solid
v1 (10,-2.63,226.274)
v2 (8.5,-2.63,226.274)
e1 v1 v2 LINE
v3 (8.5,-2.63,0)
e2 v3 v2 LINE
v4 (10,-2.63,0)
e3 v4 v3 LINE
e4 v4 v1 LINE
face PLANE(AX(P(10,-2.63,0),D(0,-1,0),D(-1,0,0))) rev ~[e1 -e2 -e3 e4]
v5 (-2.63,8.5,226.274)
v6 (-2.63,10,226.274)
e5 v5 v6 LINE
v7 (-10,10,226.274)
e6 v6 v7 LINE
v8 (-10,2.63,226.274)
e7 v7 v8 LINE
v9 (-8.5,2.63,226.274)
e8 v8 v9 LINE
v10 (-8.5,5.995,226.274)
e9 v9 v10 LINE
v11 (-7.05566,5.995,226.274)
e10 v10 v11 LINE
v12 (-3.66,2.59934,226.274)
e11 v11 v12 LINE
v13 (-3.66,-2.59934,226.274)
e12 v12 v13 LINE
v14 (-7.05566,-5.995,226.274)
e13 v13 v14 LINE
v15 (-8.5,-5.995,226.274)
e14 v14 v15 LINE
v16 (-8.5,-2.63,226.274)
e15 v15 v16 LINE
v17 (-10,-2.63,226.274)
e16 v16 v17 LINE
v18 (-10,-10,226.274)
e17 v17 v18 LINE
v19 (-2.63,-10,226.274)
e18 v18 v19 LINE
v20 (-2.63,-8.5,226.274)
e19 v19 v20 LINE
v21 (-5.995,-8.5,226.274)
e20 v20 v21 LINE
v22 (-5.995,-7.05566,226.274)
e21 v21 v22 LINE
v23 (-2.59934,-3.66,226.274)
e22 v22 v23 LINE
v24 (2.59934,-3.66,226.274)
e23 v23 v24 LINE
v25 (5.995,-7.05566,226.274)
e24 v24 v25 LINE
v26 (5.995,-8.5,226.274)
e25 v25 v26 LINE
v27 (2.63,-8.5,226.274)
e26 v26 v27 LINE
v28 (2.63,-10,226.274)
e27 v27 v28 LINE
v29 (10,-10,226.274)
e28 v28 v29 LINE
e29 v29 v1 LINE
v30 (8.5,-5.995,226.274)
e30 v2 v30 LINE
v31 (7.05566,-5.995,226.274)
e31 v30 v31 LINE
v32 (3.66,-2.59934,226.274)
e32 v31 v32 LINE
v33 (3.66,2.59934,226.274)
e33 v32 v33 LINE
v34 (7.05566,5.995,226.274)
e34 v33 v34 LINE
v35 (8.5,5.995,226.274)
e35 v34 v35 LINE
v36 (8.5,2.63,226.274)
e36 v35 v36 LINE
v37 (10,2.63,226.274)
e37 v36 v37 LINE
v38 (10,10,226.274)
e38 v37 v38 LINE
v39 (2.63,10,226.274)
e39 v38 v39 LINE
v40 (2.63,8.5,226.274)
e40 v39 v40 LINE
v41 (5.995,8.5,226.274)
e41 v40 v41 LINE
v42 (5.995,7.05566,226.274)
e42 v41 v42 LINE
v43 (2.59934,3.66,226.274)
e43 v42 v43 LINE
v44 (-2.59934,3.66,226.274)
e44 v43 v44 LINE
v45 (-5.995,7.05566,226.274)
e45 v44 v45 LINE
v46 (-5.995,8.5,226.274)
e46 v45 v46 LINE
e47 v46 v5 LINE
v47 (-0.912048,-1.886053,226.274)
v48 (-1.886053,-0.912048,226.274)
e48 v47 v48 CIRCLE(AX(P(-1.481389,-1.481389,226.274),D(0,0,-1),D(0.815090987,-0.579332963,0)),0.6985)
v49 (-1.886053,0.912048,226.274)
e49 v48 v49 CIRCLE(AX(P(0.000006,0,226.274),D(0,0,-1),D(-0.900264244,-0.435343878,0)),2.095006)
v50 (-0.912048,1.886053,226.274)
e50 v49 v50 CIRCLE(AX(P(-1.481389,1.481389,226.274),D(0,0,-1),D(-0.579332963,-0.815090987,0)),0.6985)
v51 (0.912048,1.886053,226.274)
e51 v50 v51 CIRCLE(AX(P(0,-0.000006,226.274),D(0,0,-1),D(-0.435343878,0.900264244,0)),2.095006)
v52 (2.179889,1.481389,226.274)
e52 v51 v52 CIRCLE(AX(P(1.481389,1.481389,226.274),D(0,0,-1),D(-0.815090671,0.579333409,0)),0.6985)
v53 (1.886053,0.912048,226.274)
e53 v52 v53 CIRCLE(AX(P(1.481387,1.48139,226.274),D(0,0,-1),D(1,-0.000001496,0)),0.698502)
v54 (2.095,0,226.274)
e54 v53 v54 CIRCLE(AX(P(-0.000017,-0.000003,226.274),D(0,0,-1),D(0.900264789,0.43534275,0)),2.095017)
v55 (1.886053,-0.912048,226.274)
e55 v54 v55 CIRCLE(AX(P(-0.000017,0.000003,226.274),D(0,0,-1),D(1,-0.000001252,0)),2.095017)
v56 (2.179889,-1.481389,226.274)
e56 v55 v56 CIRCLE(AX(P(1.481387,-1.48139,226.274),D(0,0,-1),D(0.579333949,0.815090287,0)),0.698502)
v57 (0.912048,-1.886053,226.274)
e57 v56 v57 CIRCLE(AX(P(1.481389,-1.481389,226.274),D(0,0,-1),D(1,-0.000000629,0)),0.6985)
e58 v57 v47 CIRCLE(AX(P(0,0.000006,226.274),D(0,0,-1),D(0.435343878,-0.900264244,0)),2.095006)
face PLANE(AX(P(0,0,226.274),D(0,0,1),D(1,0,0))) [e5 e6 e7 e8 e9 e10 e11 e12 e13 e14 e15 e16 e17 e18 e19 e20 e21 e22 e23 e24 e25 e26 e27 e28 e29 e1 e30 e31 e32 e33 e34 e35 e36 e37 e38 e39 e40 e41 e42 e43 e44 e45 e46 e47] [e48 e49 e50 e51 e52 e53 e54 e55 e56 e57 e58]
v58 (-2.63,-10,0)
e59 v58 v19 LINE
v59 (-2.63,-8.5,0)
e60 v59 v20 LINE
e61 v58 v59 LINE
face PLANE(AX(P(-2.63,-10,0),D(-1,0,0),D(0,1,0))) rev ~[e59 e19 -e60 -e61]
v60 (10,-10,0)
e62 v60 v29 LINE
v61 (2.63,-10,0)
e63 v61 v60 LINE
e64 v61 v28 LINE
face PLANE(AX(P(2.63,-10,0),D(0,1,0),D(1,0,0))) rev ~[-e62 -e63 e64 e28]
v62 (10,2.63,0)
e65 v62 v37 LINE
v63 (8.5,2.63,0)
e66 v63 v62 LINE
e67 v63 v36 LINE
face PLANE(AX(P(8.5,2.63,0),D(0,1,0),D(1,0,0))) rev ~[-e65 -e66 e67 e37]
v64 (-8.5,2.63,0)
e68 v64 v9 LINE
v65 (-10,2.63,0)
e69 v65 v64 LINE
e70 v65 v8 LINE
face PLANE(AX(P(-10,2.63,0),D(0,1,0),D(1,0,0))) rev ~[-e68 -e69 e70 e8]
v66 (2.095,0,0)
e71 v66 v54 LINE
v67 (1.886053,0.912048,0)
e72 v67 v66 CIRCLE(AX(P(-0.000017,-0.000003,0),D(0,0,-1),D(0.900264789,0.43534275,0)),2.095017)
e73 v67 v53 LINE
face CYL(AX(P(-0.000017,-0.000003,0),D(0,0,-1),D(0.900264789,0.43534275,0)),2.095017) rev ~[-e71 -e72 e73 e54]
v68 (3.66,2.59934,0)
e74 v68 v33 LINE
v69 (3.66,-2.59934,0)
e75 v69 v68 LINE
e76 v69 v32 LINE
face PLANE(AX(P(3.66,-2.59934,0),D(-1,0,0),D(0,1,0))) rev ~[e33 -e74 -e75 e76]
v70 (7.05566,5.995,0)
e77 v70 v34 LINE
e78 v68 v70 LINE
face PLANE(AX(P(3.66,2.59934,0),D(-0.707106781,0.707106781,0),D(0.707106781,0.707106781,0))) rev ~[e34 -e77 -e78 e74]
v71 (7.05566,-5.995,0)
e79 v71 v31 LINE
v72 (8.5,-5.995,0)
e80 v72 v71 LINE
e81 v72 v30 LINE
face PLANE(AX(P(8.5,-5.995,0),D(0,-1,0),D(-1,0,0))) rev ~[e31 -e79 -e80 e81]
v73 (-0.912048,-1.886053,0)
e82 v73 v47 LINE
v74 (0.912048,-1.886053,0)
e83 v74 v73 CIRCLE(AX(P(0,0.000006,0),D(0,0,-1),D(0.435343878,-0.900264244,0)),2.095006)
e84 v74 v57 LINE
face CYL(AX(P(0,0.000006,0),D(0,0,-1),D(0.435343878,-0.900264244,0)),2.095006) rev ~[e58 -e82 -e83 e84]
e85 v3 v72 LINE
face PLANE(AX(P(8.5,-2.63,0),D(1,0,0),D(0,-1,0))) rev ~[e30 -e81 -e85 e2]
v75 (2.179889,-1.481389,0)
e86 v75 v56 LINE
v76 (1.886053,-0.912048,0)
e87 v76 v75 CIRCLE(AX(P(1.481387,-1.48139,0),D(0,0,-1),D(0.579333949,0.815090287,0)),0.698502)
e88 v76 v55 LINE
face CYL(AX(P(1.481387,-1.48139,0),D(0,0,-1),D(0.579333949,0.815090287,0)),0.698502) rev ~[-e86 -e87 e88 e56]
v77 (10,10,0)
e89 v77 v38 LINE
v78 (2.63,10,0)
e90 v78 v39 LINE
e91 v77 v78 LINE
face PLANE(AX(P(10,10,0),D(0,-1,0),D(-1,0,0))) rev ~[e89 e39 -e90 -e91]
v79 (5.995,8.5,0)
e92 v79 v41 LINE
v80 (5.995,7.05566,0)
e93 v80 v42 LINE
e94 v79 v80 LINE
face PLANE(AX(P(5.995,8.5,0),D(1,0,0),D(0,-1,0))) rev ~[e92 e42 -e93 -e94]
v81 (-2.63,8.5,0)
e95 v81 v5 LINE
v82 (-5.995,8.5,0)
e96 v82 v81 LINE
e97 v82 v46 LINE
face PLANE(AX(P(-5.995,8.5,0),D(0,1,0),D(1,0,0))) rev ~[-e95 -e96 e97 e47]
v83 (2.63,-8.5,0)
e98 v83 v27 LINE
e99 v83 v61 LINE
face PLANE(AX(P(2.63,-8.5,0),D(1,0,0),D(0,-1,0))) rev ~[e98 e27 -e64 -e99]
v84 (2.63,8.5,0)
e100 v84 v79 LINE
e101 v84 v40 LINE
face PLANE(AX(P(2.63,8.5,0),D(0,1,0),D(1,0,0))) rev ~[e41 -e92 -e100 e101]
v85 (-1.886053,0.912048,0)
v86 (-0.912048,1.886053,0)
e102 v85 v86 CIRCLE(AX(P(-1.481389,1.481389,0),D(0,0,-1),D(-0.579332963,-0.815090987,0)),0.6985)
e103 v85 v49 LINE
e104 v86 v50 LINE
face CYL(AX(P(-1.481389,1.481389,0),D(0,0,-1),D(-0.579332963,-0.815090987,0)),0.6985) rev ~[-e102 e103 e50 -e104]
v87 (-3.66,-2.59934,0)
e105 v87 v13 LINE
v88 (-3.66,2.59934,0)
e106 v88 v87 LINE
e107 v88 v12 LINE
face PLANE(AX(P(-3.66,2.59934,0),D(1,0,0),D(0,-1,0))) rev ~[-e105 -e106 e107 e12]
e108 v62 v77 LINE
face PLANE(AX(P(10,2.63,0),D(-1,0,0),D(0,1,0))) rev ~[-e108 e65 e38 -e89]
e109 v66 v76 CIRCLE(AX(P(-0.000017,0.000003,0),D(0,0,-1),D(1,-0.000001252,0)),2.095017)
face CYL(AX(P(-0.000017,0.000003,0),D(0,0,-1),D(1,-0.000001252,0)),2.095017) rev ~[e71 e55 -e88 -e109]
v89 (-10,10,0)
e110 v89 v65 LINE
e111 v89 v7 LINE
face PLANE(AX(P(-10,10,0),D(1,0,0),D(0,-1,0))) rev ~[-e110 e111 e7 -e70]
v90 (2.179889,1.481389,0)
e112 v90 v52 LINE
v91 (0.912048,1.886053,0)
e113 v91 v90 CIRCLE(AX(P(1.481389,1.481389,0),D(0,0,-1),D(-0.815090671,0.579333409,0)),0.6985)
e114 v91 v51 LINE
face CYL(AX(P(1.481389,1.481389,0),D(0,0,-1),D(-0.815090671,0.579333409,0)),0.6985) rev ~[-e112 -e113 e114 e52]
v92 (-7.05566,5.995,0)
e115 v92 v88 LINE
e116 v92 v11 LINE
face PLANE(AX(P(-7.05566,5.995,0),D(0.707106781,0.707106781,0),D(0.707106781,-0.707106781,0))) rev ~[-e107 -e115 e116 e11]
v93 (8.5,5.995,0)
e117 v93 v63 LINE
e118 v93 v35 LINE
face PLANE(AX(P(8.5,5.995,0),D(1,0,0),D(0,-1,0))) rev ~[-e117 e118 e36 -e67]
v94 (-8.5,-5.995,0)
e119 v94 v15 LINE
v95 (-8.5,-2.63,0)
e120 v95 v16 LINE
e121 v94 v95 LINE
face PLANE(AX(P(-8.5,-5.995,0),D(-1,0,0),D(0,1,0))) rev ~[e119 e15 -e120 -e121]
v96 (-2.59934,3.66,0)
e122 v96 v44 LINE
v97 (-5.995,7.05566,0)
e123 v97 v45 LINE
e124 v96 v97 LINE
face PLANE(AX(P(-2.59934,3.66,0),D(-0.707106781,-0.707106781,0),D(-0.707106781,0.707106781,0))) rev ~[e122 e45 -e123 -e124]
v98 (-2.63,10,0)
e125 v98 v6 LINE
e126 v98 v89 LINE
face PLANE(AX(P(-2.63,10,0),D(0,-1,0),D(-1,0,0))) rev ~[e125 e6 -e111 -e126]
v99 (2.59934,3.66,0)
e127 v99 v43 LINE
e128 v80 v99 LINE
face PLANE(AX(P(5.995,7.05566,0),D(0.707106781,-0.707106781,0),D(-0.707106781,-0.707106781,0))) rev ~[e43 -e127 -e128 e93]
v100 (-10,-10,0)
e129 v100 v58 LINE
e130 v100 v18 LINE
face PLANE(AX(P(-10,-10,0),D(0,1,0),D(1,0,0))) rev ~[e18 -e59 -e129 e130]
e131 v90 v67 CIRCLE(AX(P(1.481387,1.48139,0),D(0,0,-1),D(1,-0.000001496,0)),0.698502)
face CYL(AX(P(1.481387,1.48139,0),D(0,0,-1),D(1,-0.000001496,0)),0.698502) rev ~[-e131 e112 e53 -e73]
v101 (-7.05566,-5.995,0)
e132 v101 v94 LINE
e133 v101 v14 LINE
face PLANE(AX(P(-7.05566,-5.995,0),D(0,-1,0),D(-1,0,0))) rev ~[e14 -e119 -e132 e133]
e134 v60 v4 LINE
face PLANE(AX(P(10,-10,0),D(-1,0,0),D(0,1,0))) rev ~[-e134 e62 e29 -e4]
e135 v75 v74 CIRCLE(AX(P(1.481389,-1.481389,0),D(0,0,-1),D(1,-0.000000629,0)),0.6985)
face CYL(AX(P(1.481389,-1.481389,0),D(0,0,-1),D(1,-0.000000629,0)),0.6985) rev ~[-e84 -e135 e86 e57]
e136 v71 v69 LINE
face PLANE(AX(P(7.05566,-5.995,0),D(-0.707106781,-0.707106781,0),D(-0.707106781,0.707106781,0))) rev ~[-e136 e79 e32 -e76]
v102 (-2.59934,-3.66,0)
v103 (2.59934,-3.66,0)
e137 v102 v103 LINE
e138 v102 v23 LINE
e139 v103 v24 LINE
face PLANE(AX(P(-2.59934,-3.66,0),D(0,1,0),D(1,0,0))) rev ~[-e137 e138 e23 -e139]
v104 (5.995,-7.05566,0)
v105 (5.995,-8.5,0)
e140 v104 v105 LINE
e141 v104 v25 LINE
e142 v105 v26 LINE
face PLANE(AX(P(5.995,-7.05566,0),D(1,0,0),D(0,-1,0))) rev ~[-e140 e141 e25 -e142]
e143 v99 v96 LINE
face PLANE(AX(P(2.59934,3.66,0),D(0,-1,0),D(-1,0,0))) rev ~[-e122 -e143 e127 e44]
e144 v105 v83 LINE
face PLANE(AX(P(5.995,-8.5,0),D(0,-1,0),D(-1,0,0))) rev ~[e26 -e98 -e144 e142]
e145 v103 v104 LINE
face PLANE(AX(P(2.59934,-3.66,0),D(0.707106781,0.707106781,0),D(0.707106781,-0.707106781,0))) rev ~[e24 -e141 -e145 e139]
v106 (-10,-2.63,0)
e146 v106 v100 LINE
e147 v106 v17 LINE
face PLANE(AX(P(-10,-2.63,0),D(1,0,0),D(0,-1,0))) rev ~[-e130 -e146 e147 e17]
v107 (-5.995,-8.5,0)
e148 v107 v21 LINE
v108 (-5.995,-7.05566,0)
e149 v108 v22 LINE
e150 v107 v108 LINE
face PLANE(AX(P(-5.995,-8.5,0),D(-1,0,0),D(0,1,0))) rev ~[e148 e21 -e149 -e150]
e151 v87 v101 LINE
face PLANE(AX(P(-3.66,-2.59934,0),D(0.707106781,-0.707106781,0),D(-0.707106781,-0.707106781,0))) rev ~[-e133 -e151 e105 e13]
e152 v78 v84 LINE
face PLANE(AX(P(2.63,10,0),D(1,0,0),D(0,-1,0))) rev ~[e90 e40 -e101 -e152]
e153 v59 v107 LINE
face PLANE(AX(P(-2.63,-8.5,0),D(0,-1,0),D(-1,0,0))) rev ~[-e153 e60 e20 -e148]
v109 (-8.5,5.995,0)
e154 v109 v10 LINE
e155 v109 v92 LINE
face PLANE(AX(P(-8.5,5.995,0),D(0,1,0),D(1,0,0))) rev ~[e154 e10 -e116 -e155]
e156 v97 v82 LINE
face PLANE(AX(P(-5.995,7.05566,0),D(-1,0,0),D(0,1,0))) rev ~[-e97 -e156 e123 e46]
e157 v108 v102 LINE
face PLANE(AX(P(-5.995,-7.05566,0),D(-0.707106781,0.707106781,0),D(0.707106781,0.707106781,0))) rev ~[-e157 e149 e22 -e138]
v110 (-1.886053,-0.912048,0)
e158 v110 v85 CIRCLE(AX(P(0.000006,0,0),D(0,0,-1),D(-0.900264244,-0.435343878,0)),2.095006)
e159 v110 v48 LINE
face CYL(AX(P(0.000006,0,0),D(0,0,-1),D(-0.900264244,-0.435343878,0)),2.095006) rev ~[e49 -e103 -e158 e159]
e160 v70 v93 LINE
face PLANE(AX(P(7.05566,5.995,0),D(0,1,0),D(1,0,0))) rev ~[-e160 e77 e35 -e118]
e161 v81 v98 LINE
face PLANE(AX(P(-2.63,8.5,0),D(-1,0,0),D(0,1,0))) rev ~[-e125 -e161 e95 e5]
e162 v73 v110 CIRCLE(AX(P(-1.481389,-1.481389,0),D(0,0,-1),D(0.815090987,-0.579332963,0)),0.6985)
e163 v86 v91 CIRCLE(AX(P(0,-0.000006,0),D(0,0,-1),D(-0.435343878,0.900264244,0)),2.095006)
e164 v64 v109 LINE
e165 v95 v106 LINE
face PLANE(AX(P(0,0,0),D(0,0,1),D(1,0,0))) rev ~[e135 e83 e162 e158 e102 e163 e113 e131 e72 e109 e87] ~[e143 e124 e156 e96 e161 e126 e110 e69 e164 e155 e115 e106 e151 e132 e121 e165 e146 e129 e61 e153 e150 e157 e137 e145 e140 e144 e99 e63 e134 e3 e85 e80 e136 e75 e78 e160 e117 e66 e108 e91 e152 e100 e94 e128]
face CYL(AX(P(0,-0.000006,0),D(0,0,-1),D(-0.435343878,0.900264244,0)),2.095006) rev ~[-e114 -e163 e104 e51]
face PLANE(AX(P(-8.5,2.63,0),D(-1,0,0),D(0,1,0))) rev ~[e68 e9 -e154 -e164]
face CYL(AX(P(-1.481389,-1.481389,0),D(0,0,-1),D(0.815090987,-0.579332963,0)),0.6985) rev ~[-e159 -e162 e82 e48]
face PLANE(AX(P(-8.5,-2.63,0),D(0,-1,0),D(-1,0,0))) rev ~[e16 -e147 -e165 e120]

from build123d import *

# Parameters (mm, degrees)
F1_DEPTH = 226.274


with BuildPart() as f1:
    # F0 (on Top) → F1 (new body)
    with BuildSketch(Plane.XY):
        Polygon((10, 2.63), (10, 10), (2.63, 10), (2.63, 8.5), (5.995, 8.5), (5.995, 7.05566), (2.59934, 3.66), (-2.59934, 3.66), (-5.995, 7.05566), (-5.995, 8.5), (-2.63, 8.5), (-2.63, 10), (-10, 10), (-10, 2.63), (-8.5, 2.63), (-8.5, 5.995), (-7.05566, 5.995), (-3.66, 2.59934), (-3.66, -2.59934), (-7.05566, -5.995), (-8.5, -5.995), (-8.5, -2.63), (-10, -2.63), (-10, -10), (-2.63, -10), (-2.63, -8.5), (-5.995, -8.5), (-5.995, -7.05566), (-2.59934, -3.66), (2.59934, -3.66), (5.995, -7.05566), (5.995, -8.5), (2.63, -8.5), (2.63, -10), (10, -10), (10, -2.63), (8.5, -2.63), (8.5, -5.995), (7.05566, -5.995), (3.66, -2.59934), (3.66, 2.59934), (7.05566, 5.995), (8.5, 5.995), (8.5, 2.63), align=None)
        with BuildLine():
            ThreePointArc((1.886053, 0.912048), (2.042095, 0.467838), (2.095, 0))
            ThreePointArc((2.095, 0), (2.042095, -0.467838), (1.886053, -0.912048))
            ThreePointArc((1.886053, -0.912048), (2.102098, -1.161042), (2.179889, -1.481389))
            ThreePointArc((2.179889, -1.481389), (1.693777, -2.146816), (0.912048, -1.886053))
            ThreePointArc((0.912048, -1.886053), (0, -2.095), (-0.912048, -1.886053))
            ThreePointArc((-0.912048, -1.886053), (-1.975303, -1.975303), (-1.886053, -0.912048))
            ThreePointArc((-1.886053, -0.912048), (-2.095, 0), (-1.886053, 0.912048))
            ThreePointArc((-1.886053, 0.912048), (-1.975303, 1.975303), (-0.912048, 1.886053))
            ThreePointArc((-0.912048, 1.886053), (0, 2.095), (0.912048, 1.886053))
            ThreePointArc((0.912048, 1.886053), (1.693777, 2.146816), (2.179889, 1.481389))
            ThreePointArc((2.179889, 1.481389), (2.102098, 1.161042), (1.886053, 0.912048))
        make_face(mode=Mode.SUBTRACT)
    extrude(amount=F1_DEPTH)


solid = f1.part
